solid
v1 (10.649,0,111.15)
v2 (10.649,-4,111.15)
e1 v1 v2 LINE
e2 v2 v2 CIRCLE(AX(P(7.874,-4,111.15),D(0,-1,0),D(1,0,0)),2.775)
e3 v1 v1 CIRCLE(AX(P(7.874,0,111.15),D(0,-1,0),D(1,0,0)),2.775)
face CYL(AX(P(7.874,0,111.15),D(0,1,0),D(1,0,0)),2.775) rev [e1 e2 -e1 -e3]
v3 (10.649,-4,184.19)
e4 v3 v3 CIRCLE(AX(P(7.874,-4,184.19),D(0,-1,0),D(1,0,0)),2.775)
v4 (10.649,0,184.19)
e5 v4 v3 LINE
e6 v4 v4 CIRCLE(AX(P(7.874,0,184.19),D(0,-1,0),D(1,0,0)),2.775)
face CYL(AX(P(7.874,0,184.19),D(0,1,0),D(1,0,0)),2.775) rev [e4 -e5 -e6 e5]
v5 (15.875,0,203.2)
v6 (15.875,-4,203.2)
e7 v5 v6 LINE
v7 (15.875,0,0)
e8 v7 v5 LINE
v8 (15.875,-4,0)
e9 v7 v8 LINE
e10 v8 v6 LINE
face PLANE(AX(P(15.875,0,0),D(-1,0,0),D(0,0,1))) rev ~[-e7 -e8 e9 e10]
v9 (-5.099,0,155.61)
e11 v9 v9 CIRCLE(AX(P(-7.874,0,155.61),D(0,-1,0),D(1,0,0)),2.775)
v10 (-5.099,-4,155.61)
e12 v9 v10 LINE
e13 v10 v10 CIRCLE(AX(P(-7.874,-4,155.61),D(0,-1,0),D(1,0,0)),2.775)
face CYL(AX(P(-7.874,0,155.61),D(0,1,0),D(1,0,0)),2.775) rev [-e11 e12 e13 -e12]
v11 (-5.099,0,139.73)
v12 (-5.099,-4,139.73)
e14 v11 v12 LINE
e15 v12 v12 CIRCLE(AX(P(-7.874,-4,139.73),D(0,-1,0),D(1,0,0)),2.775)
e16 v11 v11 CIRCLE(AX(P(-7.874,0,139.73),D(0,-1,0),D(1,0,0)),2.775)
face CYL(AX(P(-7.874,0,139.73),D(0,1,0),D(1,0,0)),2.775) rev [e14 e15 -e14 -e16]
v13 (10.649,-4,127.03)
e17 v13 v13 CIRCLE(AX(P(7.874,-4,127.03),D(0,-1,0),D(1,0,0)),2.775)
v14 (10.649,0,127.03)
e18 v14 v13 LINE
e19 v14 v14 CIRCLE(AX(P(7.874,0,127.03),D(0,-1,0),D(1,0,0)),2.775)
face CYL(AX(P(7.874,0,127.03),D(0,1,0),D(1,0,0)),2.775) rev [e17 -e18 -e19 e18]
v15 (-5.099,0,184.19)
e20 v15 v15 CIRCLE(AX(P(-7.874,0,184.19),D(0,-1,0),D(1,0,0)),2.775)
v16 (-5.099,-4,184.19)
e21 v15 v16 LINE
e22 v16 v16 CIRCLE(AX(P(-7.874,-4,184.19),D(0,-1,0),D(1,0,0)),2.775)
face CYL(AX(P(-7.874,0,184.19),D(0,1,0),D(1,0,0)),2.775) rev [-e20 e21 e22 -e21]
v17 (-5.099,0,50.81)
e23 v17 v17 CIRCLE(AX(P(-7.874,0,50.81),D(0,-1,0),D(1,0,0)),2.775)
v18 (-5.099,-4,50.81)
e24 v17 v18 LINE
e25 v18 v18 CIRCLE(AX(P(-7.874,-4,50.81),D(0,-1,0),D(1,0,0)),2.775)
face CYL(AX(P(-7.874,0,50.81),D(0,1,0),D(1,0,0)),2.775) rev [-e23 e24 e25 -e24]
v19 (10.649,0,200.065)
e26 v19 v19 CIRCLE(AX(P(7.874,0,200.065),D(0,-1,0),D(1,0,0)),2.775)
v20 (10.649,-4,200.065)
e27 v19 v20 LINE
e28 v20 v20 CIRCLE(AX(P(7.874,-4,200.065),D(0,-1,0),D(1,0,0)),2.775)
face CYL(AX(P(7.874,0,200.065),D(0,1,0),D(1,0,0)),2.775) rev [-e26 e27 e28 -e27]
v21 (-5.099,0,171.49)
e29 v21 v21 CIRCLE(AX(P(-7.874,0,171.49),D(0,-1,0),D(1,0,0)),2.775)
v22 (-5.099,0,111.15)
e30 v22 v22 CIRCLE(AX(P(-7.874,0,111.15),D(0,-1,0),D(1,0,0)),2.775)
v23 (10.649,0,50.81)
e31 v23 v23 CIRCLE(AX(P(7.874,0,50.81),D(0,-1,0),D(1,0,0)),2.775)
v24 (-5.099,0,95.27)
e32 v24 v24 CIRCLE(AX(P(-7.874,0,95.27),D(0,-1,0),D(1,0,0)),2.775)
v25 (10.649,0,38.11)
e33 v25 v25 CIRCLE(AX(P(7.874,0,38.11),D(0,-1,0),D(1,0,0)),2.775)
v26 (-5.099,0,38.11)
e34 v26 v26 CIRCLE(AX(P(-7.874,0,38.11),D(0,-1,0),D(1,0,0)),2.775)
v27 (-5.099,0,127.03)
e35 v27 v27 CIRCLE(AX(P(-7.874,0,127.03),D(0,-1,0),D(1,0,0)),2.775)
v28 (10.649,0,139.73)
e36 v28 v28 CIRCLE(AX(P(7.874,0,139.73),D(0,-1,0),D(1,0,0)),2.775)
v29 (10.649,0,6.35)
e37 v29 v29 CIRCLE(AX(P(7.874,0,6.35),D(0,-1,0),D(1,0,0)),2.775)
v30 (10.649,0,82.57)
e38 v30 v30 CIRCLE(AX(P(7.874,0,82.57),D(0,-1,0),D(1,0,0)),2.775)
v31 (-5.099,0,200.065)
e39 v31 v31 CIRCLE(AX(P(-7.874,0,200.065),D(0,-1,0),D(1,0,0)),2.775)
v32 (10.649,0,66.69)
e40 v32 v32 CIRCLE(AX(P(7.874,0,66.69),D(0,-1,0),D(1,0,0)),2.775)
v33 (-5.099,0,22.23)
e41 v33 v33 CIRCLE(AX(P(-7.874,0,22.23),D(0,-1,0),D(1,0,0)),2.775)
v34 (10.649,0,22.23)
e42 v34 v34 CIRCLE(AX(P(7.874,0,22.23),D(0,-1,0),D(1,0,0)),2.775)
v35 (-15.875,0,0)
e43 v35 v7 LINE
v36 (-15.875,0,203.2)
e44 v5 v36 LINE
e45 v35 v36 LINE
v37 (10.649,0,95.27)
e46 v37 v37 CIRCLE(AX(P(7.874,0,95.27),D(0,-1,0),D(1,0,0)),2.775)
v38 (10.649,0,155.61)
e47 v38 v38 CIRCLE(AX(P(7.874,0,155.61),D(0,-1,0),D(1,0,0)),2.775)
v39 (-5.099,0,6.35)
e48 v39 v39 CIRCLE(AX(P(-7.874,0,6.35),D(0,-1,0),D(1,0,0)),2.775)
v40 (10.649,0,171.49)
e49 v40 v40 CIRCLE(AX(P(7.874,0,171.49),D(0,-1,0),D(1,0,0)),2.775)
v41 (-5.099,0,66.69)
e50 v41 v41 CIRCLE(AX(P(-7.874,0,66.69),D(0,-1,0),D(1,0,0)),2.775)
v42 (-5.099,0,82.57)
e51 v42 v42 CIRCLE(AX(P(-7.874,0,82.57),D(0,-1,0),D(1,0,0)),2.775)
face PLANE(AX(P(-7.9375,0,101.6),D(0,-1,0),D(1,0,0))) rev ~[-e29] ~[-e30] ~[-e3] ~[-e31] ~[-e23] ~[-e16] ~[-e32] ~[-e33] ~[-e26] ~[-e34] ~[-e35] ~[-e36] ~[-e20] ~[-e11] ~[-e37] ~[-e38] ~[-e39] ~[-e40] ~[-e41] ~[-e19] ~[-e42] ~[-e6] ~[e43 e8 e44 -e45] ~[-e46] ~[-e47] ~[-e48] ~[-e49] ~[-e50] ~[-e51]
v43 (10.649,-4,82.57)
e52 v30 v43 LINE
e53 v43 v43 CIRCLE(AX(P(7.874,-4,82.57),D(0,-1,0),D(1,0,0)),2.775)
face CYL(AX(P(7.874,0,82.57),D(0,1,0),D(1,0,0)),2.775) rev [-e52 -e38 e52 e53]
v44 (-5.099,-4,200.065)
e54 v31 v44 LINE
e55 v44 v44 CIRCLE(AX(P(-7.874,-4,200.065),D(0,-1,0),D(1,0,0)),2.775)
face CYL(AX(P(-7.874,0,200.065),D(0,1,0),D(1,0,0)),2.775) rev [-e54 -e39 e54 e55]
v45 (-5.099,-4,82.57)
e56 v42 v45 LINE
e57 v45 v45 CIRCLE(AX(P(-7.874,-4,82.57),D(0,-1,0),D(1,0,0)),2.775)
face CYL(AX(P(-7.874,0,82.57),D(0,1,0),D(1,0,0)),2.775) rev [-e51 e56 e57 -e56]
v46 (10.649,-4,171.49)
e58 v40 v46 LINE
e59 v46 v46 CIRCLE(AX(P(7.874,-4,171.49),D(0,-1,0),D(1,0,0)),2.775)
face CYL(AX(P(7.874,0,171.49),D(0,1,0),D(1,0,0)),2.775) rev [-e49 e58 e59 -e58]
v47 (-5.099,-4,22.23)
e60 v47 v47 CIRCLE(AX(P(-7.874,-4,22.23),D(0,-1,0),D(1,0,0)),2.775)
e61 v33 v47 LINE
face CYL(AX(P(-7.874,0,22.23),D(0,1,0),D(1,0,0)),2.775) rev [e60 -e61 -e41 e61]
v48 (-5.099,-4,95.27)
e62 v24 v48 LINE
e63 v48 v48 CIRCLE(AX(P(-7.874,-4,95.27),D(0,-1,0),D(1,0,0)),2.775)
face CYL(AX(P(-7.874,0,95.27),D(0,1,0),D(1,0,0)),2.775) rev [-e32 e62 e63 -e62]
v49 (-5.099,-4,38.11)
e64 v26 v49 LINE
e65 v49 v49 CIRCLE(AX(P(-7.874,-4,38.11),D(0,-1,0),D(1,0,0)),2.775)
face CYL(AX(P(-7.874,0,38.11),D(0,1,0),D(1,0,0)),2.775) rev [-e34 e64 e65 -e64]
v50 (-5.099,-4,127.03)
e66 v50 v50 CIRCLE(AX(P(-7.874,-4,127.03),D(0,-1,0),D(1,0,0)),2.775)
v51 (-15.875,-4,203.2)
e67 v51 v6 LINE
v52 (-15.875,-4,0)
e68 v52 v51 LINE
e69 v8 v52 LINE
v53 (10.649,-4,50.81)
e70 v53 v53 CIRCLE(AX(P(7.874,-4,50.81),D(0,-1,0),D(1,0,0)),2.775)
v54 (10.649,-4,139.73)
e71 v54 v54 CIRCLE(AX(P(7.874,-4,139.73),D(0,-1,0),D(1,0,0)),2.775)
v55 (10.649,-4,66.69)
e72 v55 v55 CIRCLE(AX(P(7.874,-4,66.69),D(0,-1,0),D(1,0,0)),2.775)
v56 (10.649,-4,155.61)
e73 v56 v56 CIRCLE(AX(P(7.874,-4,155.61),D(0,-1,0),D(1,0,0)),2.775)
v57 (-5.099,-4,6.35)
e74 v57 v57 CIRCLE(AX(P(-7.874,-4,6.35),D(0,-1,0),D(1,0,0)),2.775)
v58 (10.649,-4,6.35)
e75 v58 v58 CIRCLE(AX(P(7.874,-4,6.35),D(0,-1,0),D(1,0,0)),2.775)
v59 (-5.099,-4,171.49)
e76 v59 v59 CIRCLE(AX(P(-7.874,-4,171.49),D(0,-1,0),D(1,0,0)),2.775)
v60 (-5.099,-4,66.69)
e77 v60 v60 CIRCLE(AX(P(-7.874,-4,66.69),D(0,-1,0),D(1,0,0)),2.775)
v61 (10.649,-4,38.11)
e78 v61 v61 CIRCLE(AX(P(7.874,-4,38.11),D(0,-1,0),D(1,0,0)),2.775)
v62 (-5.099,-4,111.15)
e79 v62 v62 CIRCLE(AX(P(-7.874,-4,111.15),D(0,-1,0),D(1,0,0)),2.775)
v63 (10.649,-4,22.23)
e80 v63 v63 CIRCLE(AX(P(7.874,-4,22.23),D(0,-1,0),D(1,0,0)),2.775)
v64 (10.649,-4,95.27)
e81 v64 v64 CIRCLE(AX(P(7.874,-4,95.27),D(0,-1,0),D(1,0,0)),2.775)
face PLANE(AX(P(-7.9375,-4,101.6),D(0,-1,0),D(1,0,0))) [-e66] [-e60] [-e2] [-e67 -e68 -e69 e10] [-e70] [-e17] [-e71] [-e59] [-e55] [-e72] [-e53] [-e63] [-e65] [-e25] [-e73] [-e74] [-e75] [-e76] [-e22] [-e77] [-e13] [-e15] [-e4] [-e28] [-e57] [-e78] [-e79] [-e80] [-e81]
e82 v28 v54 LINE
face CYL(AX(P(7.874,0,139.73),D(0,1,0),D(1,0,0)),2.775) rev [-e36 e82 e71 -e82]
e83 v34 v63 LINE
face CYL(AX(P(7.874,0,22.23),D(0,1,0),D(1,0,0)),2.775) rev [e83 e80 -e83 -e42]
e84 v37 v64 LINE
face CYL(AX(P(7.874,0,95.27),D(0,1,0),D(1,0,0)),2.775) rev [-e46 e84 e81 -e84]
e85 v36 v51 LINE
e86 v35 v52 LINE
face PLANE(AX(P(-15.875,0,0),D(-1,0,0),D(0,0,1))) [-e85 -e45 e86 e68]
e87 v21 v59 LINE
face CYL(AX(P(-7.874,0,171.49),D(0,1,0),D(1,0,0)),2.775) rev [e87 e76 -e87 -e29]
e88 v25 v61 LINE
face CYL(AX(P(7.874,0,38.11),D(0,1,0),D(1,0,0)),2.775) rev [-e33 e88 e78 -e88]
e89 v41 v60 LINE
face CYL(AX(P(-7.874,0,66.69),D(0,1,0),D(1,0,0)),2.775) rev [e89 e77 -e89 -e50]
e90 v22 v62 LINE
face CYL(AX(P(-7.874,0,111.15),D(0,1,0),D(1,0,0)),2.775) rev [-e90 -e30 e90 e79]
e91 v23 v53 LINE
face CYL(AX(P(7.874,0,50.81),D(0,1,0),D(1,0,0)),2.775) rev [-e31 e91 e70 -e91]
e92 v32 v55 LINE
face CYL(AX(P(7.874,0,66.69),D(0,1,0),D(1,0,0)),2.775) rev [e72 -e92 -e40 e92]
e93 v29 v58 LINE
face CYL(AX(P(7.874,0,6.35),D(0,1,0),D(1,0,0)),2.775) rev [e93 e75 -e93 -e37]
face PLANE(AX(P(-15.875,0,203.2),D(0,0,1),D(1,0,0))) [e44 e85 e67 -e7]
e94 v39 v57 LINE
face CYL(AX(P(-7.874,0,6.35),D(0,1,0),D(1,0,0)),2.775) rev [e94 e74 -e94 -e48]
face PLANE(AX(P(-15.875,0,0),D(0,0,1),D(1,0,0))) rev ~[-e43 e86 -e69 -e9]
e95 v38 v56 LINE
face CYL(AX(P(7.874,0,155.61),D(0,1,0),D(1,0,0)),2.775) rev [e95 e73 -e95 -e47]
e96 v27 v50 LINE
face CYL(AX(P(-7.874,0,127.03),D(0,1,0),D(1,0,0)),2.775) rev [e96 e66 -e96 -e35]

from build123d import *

# Parameters (mm, degrees)
SKETCH_W         = 15.875
SKETCH_H         = 203.2
SKETCH_R         = 2.775
PAD_DEPTH        = 4
MIRROREDSKETCH_W = 15.875
MIRROREDSKETCH_H = 203.2
MIRROREDSKETCH_R = 2.775
PAD001_DEPTH     = 4


with BuildPart() as part:
    # Sketch → Pad (new body)
    with BuildSketch(Plane.XZ):
        with Locations((7.9375, 101.6)):
            Rectangle(SKETCH_W, SKETCH_H)
        with Locations((7.874, 6.35)):
            Circle(SKETCH_R, mode=Mode.SUBTRACT)
        with Locations((7.874, 22.23)):
            Circle(SKETCH_R, mode=Mode.SUBTRACT)
        with Locations((7.874, 38.11)):
            Circle(SKETCH_R, mode=Mode.SUBTRACT)
        with Locations((7.874, 50.81)):
            Circle(SKETCH_R, mode=Mode.SUBTRACT)
        with Locations((7.874, 66.69)):
            Circle(SKETCH_R, mode=Mode.SUBTRACT)
        with Locations((7.874, 82.57)):
            Circle(SKETCH_R, mode=Mode.SUBTRACT)
        with Locations((7.874, 95.27)):
            Circle(SKETCH_R, mode=Mode.SUBTRACT)
        with Locations((7.874, 111.15)):
            Circle(SKETCH_R, mode=Mode.SUBTRACT)
        with Locations((7.874, 127.03)):
            Circle(SKETCH_R, mode=Mode.SUBTRACT)
        with Locations((7.874, 139.73)):
            Circle(SKETCH_R, mode=Mode.SUBTRACT)
        with Locations((7.874, 155.61)):
            Circle(SKETCH_R, mode=Mode.SUBTRACT)
        with Locations((7.874, 171.49)):
            Circle(SKETCH_R, mode=Mode.SUBTRACT)
        with Locations((7.874, 184.19)):
            Circle(SKETCH_R, mode=Mode.SUBTRACT)
        with Locations((7.874, 200.065)):
            Circle(SKETCH_R, mode=Mode.SUBTRACT)
    extrude(amount=PAD_DEPTH)

    # MirroredSketch → Pad001 (join)
    with BuildSketch(Plane.XZ):
        with Locations((-7.9375, 101.6)):
            Rectangle(MIRROREDSKETCH_W, MIRROREDSKETCH_H)
        with Locations((-7.874, 6.35)):
            Circle(MIRROREDSKETCH_R, mode=Mode.SUBTRACT)
        with Locations((-7.874, 22.23)):
            Circle(MIRROREDSKETCH_R, mode=Mode.SUBTRACT)
        with Locations((-7.874, 38.11)):
            Circle(MIRROREDSKETCH_R, mode=Mode.SUBTRACT)
        with Locations((-7.874, 50.81)):
            Circle(MIRROREDSKETCH_R, mode=Mode.SUBTRACT)
        with Locations((-7.874, 66.69)):
            Circle(MIRROREDSKETCH_R, mode=Mode.SUBTRACT)
        with Locations((-7.874, 82.57)):
            Circle(MIRROREDSKETCH_R, mode=Mode.SUBTRACT)
        with Locations((-7.874, 95.27)):
            Circle(MIRROREDSKETCH_R, mode=Mode.SUBTRACT)
        with Locations((-7.874, 111.15)):
            Circle(MIRROREDSKETCH_R, mode=Mode.SUBTRACT)
        with Locations((-7.874, 127.03)):
            Circle(MIRROREDSKETCH_R, mode=Mode.SUBTRACT)
        with Locations((-7.874, 139.73)):
            Circle(MIRROREDSKETCH_R, mode=Mode.SUBTRACT)
        with Locations((-7.874, 155.61)):
            Circle(MIRROREDSKETCH_R, mode=Mode.SUBTRACT)
        with Locations((-7.874, 171.49)):
            Circle(MIRROREDSKETCH_R, mode=Mode.SUBTRACT)
        with Locations((-7.874, 184.19)):
            Circle(MIRROREDSKETCH_R, mode=Mode.SUBTRACT)
        with Locations((-7.874, 200.065)):
            Circle(MIRROREDSKETCH_R, mode=Mode.SUBTRACT)
    extrude(amount=PAD001_DEPTH)


solid = part.part
